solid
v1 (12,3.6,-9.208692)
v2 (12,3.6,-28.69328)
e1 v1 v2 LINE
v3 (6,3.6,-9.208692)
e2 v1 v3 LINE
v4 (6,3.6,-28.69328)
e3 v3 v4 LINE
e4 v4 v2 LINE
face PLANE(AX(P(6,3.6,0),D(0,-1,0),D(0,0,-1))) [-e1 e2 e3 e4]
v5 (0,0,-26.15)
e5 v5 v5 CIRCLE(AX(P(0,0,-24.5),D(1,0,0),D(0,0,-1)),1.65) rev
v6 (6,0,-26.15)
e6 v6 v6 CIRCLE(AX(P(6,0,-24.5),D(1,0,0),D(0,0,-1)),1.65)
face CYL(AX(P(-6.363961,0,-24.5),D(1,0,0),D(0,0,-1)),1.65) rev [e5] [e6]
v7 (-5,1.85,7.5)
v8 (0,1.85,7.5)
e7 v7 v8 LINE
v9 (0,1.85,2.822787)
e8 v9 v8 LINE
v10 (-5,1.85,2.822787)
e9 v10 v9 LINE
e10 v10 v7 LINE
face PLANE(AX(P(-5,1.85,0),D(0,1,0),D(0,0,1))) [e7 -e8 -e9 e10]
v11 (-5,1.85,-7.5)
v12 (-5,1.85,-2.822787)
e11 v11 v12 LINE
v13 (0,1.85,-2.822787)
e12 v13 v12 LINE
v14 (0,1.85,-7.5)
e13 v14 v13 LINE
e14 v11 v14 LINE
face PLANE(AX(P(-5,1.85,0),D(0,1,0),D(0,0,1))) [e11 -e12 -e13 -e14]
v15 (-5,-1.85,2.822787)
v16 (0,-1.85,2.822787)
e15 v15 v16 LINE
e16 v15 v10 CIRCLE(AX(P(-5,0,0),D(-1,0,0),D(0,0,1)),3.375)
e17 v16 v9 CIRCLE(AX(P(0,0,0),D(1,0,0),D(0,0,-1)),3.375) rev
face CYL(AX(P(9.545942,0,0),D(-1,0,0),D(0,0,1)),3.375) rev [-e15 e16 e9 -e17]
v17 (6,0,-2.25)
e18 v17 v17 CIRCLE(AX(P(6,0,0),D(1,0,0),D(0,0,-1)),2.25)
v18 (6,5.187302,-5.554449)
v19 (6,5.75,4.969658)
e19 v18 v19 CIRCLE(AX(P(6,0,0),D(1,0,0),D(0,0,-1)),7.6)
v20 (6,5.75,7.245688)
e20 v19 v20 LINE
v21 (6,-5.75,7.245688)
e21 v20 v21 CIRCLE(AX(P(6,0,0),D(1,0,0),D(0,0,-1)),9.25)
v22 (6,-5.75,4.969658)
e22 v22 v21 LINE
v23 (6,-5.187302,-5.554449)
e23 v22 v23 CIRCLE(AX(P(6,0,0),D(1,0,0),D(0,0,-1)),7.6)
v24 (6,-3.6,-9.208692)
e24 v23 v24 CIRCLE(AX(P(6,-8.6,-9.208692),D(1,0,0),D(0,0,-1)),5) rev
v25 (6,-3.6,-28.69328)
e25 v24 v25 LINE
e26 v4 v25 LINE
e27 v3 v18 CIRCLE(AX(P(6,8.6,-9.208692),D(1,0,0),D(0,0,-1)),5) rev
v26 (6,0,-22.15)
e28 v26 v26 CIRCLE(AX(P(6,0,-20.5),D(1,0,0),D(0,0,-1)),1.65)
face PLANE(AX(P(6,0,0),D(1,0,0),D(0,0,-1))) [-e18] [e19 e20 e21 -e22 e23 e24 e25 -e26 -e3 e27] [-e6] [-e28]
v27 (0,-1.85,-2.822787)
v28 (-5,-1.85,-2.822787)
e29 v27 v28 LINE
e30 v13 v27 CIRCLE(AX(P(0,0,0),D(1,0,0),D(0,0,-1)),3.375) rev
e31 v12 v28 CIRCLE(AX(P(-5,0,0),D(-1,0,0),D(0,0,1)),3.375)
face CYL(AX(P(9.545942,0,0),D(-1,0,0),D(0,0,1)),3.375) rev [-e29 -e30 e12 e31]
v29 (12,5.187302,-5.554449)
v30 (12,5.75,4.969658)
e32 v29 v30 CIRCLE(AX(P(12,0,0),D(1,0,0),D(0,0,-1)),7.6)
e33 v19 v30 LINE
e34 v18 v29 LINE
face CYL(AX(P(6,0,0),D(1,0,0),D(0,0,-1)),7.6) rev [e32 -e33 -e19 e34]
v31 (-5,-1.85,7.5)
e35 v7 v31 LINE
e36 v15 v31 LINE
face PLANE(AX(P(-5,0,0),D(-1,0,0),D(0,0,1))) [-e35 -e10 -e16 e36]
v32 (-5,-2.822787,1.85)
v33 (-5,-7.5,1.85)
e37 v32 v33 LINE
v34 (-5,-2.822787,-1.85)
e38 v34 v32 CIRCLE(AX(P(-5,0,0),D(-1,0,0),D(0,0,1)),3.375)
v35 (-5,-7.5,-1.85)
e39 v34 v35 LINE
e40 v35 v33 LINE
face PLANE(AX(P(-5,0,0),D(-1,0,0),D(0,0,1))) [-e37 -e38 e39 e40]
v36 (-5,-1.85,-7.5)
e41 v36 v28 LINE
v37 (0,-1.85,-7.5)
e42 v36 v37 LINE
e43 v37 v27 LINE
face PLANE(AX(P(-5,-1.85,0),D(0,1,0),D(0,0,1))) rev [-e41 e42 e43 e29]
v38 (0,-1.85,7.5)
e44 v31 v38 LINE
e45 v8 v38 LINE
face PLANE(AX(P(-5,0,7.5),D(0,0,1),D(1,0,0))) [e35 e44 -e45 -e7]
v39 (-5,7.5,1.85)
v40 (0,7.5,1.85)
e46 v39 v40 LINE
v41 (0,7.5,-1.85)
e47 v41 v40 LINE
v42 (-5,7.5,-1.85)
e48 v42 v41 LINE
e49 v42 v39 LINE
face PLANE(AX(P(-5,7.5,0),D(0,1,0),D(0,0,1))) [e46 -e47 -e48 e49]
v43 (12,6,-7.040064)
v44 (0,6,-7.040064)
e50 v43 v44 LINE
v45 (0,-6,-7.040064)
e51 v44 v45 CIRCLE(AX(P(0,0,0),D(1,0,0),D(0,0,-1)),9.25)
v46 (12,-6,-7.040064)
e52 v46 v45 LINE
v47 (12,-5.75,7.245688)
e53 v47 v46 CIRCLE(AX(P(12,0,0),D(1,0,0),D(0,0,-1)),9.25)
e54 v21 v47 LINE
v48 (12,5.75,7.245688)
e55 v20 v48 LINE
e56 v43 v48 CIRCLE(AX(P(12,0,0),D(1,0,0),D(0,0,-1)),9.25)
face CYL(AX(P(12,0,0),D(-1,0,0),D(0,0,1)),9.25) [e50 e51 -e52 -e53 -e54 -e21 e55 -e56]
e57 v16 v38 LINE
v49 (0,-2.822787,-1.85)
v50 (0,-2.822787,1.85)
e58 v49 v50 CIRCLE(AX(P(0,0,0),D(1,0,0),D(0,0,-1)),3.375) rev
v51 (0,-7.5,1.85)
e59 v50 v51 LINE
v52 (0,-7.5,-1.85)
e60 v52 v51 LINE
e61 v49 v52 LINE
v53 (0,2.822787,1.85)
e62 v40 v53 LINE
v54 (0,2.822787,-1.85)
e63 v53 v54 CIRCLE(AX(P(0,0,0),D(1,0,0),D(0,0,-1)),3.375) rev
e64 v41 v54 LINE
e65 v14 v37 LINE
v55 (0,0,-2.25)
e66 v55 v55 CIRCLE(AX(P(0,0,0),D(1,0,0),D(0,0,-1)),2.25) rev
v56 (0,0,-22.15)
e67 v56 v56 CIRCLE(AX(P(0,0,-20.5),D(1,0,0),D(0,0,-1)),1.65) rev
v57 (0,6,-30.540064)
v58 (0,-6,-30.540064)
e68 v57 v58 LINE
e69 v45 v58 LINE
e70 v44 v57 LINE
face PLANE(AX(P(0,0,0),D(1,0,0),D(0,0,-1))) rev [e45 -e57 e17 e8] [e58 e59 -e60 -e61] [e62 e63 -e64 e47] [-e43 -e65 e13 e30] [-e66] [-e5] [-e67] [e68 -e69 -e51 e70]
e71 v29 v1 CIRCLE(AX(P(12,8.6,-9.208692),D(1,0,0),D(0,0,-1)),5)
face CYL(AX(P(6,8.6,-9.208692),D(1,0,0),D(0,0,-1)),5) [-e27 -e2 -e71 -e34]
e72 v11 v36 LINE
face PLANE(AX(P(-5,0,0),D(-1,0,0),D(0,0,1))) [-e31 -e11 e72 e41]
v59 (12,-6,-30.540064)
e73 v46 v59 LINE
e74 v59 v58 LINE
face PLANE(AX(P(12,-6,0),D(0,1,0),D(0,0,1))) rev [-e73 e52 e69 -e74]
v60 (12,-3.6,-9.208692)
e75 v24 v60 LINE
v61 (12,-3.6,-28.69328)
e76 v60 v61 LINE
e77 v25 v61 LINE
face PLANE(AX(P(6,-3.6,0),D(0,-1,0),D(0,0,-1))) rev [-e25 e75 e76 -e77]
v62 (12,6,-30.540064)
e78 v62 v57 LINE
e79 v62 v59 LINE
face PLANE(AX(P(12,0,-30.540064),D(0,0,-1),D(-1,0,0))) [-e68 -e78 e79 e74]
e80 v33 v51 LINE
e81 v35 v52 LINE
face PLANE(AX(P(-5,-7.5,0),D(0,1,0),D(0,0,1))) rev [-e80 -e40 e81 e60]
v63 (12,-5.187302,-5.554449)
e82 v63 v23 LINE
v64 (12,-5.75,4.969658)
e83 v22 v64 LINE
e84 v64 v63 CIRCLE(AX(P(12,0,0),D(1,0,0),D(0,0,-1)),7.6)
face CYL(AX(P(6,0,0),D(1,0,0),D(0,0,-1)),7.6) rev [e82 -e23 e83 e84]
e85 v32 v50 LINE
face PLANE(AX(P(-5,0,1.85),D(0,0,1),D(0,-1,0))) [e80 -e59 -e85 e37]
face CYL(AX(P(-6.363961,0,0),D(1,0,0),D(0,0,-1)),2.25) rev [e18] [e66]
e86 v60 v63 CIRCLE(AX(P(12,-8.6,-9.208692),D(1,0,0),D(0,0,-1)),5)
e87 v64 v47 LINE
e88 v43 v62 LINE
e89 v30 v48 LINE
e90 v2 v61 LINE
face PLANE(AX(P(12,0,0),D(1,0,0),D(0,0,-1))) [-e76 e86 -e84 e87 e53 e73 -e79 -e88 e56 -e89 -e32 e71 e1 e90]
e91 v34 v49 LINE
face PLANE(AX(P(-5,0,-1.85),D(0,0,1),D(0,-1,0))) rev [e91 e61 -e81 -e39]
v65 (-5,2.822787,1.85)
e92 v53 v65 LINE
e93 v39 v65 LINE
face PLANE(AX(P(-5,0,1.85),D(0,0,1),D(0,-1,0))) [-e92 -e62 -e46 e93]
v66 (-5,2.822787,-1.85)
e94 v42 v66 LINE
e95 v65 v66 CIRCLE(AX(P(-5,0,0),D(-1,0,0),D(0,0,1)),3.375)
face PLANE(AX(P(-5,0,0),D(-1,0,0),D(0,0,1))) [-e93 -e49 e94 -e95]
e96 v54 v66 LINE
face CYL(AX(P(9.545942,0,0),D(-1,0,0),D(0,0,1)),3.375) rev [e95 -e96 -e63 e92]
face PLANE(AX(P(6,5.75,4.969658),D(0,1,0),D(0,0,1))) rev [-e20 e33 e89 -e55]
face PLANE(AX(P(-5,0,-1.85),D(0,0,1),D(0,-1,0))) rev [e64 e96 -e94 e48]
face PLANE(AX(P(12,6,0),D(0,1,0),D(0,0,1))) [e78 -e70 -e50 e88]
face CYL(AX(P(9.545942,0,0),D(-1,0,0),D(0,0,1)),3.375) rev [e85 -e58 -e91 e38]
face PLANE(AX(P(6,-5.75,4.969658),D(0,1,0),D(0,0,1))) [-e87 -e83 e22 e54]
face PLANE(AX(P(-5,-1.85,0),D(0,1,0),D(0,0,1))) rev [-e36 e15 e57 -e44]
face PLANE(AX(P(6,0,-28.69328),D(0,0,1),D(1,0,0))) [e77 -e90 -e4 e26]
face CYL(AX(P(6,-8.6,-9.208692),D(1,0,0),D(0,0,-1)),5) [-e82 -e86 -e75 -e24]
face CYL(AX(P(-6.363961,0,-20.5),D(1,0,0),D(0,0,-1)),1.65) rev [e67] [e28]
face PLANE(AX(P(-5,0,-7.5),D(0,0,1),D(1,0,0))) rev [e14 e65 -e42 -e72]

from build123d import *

# Parameters (mm, degrees)
BOSS_EXTRUDE1_DEPTH = 12
SKETCH2_R           = 7.6
SKETCH2_W           = 22
SKETCH2_H           = 7.2
SKETCH2_W_2         = 6.090233647
SKETCH2_H_2         = 11.5
CUT_EXTRUDE1_DEPTH  = 6
FILLET1_R           = 5
SKETCH3_R           = 2.25
SKETCH3_R_2         = 1.65
CUT_EXTRUDE2_DEPTH  = 6
BOSS_EXTRUDE2_DEPTH = 5
SKETCH6_R           = 3.375
CUT_EXTRUDE3_DEPTH  = 5


with BuildPart() as part:
    # Sketch1 → Boss-Extrude1 (new body)
    with BuildSketch(Plane(origin=(0, 0, 0), x_dir=(0, 0, -1), z_dir=(1, 0, 0))):
        with BuildLine():
            Line((30.54006392, 6), (7.04006392, 6))
            ThreePointArc((7.04006392, 6), (8.679950785, 3.197022735), (9.25, 0))
            ThreePointArc((9.25, 0), (8.679950785, -3.197022735), (7.04006392, -6))
            Line((7.04006392, -6), (30.54006392, -6))
            Line((30.54006392, -6), (30.54006392, 6))
        make_face()
        with BuildLine():
            ThreePointArc((9.25, 0), (8.679950785, 3.197022735), (7.04006392, 6))
            Line((7.04006392, 6), (7.04006392, -6))
            ThreePointArc((7.04006392, -6), (8.679950785, -3.197022735), (9.25, 0))
        make_face()
        with BuildLine():
            Line((7.04006392, -6), (7.04006392, 6))
            ThreePointArc((7.04006392, 6), (-9.25, 0), (7.04006392, -6))
        make_face()
    extrude(amount=BOSS_EXTRUDE1_DEPTH)

    # Sketch2 → Cut-Extrude1 (cut)
    with BuildSketch(Plane(origin=(12, 0, 0), x_dir=(0, 0, -1), z_dir=(1, 0, 0))):
        Circle(SKETCH2_R)
        with Locations((17.693280212, 0)):
            Rectangle(SKETCH2_W, SKETCH2_H)
        with Locations((-8.014774759, 0)):
            Rectangle(SKETCH2_W_2, SKETCH2_H_2)
    extrude(amount=-CUT_EXTRUDE1_DEPTH, mode=Mode.SUBTRACT)

    # Fillet1
    fillet1_edges = [part.edges().sort_by_distance(p)[0] for p in [
        (9, 3.6, -6.693280212),
        (9, -3.6, -6.693280212),
    ]]
    fillet(fillet1_edges, radius=FILLET1_R)

    # Sketch3 → Cut-Extrude2 (cut)
    with BuildSketch(Plane(origin=(6, 0, 0), x_dir=(0, 0, -1), z_dir=(1, 0, 0))):
        Circle(SKETCH3_R)
        with Locations((20.5, 0)):
            Circle(SKETCH3_R_2)
        with Locations((24.5, 0)):
            Circle(SKETCH3_R_2)
    extrude(amount=-CUT_EXTRUDE2_DEPTH, mode=Mode.SUBTRACT)

    # Sketch5 → Boss-Extrude2 (add)
    with BuildSketch(Plane.ZY):
        with BuildLine():
            Line((-1.85, 1.85), (-7.5, 1.85))
            Line((-7.5, 1.85), (-7.5, -1.85))
            Line((-7.5, -1.85), (-1.85, -1.85))
            Line((-1.85, -1.85), (-1.85, -1.280624847))
            ThreePointArc((-1.85, -1.280624847), (-2.25, 0), (-1.85, 1.280624847))
            Line((-1.85, 1.280624847), (-1.85, 1.85))
        make_face()
        with BuildLine():
            Line((-1.85, 7.5), (-1.85, 1.85))
            Line((-1.85, 1.85), (-1.280624847, 1.85))
            ThreePointArc((-1.280624847, 1.85), (0, 2.25), (1.280624847, 1.85))
            Line((1.280624847, 1.85), (1.85, 1.85))
            Line((1.85, 1.85), (1.85, 7.5))
            Line((1.85, 7.5), (-1.85, 7.5))
        make_face()
        with BuildLine():
            Line((7.5, 1.85), (1.85, 1.85))
            Line((1.85, 1.85), (1.85, 1.280624847))
            ThreePointArc((1.85, 1.280624847), (2.147673159, 0.670820393), (2.25, 0))
            ThreePointArc((2.25, 0), (2.147673159, -0.670820393), (1.85, -1.280624847))
            Line((1.85, -1.280624847), (1.85, -1.85))
            Line((1.85, -1.85), (7.5, -1.85))
            Line((7.5, -1.85), (7.5, 1.85))
        make_face()
        with BuildLine():
            Line((-1.280624847, -1.85), (-1.85, -1.85))
            Line((-1.85, -1.85), (-1.85, -7.5))
            Line((-1.85, -7.5), (1.85, -7.5))
            Line((1.85, -7.5), (1.85, -1.85))
            Line((1.85, -1.85), (1.280624847, -1.85))
            ThreePointArc((1.280624847, -1.85), (0, -2.25), (-1.280624847, -1.85))
        make_face()
        with BuildLine():
            Line((-1.280624847, 1.85), (-1.85, 1.85))
            Line((-1.85, 1.85), (-1.85, 1.280624847))
            ThreePointArc((-1.85, 1.280624847), (-1.590990258, 1.590990258), (-1.280624847, 1.85))
        make_face()
        with BuildLine():
            Line((1.85, 1.85), (1.280624847, 1.85))
            ThreePointArc((1.280624847, 1.85), (1.590990258, 1.590990258), (1.85, 1.280624847))
            Line((1.85, 1.280624847), (1.85, 1.85))
        make_face()
        with BuildLine():
            ThreePointArc((1.85, -1.280624847), (1.590990258, -1.590990258), (1.280624847, -1.85))
            Line((1.280624847, -1.85), (1.85, -1.85))
            Line((1.85, -1.85), (1.85, -1.280624847))
        make_face()
        with BuildLine():
            Line((-1.85, -1.280624847), (-1.85, -1.85))
            Line((-1.85, -1.85), (-1.280624847, -1.85))
            ThreePointArc((-1.280624847, -1.85), (-1.590990258, -1.590990258), (-1.85, -1.280624847))
        make_face()
    extrude(amount=BOSS_EXTRUDE2_DEPTH)

    # Sketch6 → Cut-Extrude3 (cut)
    with BuildSketch(Plane.ZY.offset(5)):
        Circle(SKETCH6_R)
    extrude(amount=-CUT_EXTRUDE3_DEPTH, mode=Mode.SUBTRACT)


solid = part.part
